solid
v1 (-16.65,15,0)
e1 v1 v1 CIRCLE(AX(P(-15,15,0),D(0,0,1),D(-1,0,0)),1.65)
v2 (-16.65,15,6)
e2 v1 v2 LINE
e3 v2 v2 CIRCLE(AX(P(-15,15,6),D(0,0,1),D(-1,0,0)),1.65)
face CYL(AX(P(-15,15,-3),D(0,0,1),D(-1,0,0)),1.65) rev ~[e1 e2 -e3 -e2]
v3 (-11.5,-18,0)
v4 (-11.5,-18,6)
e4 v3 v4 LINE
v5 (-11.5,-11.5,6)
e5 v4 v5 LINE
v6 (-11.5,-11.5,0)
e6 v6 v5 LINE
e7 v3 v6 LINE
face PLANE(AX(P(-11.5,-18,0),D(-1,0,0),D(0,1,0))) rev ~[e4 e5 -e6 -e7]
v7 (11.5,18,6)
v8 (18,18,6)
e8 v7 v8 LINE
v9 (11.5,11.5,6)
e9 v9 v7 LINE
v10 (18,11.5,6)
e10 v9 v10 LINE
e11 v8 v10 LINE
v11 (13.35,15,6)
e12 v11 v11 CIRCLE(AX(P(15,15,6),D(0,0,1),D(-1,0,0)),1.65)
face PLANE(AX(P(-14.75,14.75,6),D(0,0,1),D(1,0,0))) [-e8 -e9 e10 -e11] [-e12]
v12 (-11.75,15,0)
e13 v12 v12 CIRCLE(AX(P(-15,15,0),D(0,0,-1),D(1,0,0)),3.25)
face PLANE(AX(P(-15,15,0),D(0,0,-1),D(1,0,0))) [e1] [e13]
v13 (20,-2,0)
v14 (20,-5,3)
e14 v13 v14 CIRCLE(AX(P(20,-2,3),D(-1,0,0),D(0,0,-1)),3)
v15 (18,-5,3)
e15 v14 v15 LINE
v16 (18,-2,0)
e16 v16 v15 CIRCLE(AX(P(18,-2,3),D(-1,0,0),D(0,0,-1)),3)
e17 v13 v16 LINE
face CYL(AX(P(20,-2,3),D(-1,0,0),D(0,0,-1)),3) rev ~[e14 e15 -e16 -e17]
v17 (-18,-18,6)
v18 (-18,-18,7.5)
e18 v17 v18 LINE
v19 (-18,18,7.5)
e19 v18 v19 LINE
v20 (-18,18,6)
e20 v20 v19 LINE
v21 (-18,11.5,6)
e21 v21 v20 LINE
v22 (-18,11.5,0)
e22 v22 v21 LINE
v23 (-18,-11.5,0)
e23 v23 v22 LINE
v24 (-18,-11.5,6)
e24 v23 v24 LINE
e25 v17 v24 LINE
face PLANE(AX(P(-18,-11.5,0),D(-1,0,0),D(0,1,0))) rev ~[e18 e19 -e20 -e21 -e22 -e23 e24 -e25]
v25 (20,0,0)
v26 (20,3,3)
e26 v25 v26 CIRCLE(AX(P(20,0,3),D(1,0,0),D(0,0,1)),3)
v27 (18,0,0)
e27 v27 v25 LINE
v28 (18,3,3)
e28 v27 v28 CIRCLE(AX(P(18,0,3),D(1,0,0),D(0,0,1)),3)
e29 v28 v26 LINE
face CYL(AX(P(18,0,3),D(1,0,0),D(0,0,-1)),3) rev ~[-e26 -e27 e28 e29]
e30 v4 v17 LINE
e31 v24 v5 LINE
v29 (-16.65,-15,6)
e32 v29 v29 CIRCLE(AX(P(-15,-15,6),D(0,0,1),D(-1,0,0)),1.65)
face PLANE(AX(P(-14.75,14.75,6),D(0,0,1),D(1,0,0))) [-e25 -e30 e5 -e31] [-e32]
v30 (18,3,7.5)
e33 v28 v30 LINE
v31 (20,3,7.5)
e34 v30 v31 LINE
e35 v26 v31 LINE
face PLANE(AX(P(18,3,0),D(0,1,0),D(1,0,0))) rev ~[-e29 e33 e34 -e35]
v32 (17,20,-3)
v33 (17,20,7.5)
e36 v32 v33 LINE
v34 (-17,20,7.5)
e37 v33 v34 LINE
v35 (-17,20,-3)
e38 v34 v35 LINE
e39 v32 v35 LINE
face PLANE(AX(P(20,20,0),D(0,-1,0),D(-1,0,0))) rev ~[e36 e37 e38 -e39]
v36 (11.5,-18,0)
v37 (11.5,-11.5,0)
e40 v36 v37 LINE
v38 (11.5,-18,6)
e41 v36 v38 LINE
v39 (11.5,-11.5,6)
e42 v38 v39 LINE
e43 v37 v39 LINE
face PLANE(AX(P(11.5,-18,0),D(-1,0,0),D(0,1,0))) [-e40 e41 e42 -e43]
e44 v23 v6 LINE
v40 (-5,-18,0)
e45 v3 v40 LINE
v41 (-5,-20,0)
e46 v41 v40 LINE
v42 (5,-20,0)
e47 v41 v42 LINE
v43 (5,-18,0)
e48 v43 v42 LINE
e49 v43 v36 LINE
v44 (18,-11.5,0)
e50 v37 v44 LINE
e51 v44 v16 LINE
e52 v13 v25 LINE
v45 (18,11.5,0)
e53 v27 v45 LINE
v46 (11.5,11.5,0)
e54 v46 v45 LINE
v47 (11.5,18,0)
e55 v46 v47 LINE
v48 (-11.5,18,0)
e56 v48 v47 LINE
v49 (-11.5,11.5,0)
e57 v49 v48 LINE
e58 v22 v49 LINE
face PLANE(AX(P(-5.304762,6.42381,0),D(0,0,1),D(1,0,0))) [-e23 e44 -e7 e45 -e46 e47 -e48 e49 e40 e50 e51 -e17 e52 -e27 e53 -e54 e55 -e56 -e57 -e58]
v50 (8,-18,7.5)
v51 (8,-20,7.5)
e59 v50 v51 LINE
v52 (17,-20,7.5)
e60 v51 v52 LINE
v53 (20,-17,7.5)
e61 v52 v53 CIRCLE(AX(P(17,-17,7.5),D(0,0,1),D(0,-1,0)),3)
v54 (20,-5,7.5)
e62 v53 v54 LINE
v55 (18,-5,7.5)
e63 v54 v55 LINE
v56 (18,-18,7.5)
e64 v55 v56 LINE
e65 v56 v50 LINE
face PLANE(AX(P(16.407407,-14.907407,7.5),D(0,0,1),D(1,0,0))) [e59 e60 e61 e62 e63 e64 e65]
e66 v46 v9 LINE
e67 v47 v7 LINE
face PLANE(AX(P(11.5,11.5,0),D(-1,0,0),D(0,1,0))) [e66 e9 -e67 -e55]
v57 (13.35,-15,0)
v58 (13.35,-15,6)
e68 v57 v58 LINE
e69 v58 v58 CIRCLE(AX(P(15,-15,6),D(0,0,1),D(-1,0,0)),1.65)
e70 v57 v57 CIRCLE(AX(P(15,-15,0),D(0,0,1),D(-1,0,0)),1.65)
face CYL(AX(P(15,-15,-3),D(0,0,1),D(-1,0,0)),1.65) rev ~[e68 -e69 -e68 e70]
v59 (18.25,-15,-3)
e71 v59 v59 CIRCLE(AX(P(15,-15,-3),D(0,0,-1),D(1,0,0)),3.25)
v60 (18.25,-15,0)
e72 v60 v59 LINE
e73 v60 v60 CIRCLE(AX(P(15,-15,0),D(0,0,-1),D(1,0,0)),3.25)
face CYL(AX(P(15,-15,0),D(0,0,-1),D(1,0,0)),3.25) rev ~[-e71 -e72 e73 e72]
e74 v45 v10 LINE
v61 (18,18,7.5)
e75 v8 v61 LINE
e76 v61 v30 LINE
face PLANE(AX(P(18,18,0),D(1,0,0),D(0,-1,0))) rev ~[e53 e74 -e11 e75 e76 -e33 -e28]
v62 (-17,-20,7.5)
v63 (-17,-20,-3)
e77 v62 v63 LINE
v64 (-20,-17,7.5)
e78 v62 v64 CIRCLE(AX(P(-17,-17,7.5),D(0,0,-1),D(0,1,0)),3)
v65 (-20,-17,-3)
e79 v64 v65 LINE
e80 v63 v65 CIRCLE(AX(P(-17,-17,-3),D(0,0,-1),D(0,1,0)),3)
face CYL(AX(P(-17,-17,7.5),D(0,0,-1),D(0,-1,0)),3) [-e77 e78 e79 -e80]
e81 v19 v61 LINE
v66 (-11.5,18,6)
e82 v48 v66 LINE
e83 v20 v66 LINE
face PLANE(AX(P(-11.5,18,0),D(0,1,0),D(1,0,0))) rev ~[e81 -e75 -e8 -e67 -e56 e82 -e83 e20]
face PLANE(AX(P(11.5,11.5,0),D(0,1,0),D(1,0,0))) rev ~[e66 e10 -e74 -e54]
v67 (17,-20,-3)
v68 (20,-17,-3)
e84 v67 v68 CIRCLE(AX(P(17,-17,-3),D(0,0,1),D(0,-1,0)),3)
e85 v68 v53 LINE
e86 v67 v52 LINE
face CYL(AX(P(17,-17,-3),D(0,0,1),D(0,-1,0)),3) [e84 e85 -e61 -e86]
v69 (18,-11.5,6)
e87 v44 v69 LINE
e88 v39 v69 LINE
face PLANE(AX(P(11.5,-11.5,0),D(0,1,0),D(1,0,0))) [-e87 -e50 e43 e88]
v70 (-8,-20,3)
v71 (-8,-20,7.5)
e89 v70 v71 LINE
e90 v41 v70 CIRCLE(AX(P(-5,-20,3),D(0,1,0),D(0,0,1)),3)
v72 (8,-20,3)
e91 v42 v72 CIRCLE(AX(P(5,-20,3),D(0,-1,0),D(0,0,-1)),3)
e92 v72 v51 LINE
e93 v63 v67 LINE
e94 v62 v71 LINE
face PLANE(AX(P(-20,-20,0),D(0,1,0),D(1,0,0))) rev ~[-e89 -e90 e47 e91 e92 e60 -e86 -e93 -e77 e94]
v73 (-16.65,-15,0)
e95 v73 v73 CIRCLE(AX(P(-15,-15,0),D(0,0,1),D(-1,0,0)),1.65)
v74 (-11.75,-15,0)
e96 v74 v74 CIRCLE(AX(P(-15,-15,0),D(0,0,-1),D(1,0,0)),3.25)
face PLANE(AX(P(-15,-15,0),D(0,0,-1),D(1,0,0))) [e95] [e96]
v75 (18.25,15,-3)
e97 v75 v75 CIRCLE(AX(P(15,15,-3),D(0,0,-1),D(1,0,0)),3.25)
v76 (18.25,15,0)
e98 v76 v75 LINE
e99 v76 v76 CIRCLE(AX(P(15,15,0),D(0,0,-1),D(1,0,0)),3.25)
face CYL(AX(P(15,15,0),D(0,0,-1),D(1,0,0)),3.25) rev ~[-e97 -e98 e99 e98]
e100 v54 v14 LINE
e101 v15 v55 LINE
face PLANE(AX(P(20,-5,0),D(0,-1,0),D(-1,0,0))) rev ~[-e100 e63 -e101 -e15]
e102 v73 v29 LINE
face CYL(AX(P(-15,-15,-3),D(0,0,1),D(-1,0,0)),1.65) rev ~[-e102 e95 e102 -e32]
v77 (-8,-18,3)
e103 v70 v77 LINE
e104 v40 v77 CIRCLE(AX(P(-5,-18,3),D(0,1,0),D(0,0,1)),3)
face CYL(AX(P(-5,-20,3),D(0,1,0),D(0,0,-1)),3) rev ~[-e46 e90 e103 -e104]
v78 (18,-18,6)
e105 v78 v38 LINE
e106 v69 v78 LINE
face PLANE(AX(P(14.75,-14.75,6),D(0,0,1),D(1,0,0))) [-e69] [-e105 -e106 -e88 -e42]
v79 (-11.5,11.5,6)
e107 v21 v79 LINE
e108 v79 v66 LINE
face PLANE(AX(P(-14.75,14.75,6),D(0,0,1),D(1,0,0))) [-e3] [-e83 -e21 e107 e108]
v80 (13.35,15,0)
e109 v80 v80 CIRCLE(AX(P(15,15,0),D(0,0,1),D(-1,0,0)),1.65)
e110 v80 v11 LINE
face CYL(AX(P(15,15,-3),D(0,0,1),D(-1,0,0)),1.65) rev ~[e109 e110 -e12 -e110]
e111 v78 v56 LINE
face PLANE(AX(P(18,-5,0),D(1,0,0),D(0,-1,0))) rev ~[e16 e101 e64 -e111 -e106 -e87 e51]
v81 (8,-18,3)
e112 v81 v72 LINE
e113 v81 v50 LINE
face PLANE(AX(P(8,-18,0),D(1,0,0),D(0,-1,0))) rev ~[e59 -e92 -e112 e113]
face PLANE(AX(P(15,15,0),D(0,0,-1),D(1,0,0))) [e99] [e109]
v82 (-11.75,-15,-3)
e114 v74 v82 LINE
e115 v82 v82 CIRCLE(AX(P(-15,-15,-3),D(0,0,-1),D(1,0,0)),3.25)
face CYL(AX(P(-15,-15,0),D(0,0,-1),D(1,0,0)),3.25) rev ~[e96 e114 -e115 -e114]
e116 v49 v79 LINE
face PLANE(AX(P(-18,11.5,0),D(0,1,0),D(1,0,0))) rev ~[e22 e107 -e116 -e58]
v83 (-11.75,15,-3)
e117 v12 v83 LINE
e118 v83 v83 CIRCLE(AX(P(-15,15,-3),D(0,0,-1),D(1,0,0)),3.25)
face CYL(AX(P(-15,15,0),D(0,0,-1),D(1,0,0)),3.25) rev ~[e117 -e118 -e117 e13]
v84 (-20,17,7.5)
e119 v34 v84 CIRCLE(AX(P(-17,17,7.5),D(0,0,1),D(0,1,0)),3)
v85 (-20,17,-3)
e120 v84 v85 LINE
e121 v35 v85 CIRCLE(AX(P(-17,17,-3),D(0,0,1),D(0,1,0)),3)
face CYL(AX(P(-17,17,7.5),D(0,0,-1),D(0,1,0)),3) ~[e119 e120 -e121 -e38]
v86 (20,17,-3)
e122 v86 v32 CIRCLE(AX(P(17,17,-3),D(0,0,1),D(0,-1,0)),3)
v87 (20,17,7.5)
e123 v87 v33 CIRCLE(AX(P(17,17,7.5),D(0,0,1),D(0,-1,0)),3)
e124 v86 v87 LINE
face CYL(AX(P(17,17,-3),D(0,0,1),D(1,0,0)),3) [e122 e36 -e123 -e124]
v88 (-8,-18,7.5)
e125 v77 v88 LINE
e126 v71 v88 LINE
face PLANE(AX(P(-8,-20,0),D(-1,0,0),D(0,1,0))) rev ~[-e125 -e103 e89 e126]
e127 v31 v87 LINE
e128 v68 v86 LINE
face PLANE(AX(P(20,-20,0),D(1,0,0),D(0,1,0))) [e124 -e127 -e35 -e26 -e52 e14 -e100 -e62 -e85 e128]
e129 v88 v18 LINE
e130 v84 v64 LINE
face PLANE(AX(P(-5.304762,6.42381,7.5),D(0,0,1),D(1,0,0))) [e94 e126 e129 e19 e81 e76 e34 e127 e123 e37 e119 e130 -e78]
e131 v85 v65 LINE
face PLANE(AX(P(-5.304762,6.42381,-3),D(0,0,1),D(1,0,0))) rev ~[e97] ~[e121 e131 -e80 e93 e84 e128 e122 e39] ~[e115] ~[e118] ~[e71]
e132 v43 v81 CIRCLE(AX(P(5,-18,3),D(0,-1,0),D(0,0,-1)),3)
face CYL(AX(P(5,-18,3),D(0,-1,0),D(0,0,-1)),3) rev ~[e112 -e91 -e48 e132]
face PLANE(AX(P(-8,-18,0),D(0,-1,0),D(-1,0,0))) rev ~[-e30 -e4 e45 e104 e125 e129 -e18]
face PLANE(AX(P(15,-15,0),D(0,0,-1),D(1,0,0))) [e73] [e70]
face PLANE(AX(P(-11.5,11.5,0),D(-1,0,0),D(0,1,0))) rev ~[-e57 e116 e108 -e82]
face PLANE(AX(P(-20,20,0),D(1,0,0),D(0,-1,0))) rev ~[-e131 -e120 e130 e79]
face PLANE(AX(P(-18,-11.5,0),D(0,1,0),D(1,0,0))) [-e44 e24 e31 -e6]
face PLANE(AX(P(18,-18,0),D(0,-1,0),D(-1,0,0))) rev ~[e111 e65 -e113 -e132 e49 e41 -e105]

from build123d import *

# Parameters (mm, degrees)
F0_W           = 16
F0_H           = 2
F0_W_2         = 6.5
F0_H_2         = 6.5
F0_W_3         = 2
F0_H_3         = 8
F1_DEPTH       = 3
F2_DEPTH       = 7.5
F3_DEPTH       = 6
F5_D           = 3.3
F5_CBORE_D     = 6.5
F5_CBORE_DEPTH = 3
F6_R           = 3


with BuildPart() as f1:
    # F0 (on Top) → F1 (new body)
    with BuildSketch(Plane.XY):
        Polygon((-8, -20), (-8, -18), (-11.5, -18), (-18, -18), (-18, -11.5), (-18, 11.5), (-18, 18), (-11.5, 18), (11.5, 18), (18, 18), (18, 11.5), (18, 3), (20, 3), (20, 20), (-20, 20), (-20, -20), align=None)
        with Locations((0, -19)):
            Rectangle(F0_W, F0_H)
        with Locations((-14.75, -14.75)):
            Rectangle(F0_W_2, F0_H_2)
        Polygon((-8, -18), (8, -18), (11.5, -18), (11.5, -11.5), (18, -11.5), (18, -5), (18, 3), (18, 11.5), (11.5, 11.5), (11.5, 18), (-11.5, 18), (-11.5, 11.5), (-18, 11.5), (-18, -11.5), (-11.5, -11.5), (-11.5, -18), align=None)
        with Locations((14.75, -14.75)):
            Rectangle(F0_W_2, F0_H_2)
        Polygon((11.5, -18), (8, -18), (8, -20), (20, -20), (20, -5), (18, -5), (18, -11.5), (18, -18), align=None)
        with Locations((14.75, 14.75)):
            Rectangle(F0_W_2, F0_H_2)
        with Locations((-14.75, 14.75)):
            Rectangle(F0_W_2, F0_H_2)
        with Locations((19, -1)):
            Rectangle(F0_W_3, F0_H_3)
    extrude(amount=-F1_DEPTH)

    # F0 (on Top) → F2 (join)
    with BuildSketch(Plane.XY):
        Polygon((-8, -20), (-8, -18), (-11.5, -18), (-18, -18), (-18, -11.5), (-18, 11.5), (-18, 18), (-11.5, 18), (11.5, 18), (18, 18), (18, 11.5), (18, 3), (20, 3), (20, 20), (-20, 20), (-20, -20), align=None)
        Polygon((11.5, -18), (8, -18), (8, -20), (20, -20), (20, -5), (18, -5), (18, -11.5), (18, -18), align=None)
    extrude(amount=F2_DEPTH)

    # F0 (on Top) → F3 (join)
    with BuildSketch(Plane.XY):
        with Locations((-14.75, 14.75)):
            Rectangle(F0_W_2, F0_H_2)
        Polygon((-8, -20), (-8, -18), (-11.5, -18), (-18, -18), (-18, -11.5), (-18, 11.5), (-18, 18), (-11.5, 18), (11.5, 18), (18, 18), (18, 11.5), (18, 3), (20, 3), (20, 20), (-20, 20), (-20, -20), align=None)
        with Locations((14.75, 14.75)):
            Rectangle(F0_W_2, F0_H_2)
        with Locations((14.75, -14.75)):
            Rectangle(F0_W_2, F0_H_2)
        Polygon((11.5, -18), (8, -18), (8, -20), (20, -20), (20, -5), (18, -5), (18, -11.5), (18, -18), align=None)
        with Locations((-14.75, -14.75)):
            Rectangle(F0_W_2, F0_H_2)
    extrude(amount=F3_DEPTH)

    # F5 (through all)
    with Locations(Plane(origin=(0, 0, -3), x_dir=(1, 0, 0), z_dir=(0, 0, -1))):
        with Locations((-15, 15), (15, 15), (15, -15), (-15, -15)):
            CounterBoreHole(F5_D / 2, F5_CBORE_D / 2, F5_CBORE_DEPTH)

    # F6
    f6_edges = [f1.edges().sort_by_distance(p)[0] for p in [
        (-20, -20, 2.25),
        (20, -20, 2.25),
        (-20, 20, 2.25),
        (20, 20, 2.25),
        (-8, -19, 0),
        (8, -19, 0),
        (19, 3, 0),
        (19, -5, 0),
    ]]
    fillet(f6_edges, radius=F6_R)


solid = f1.part
